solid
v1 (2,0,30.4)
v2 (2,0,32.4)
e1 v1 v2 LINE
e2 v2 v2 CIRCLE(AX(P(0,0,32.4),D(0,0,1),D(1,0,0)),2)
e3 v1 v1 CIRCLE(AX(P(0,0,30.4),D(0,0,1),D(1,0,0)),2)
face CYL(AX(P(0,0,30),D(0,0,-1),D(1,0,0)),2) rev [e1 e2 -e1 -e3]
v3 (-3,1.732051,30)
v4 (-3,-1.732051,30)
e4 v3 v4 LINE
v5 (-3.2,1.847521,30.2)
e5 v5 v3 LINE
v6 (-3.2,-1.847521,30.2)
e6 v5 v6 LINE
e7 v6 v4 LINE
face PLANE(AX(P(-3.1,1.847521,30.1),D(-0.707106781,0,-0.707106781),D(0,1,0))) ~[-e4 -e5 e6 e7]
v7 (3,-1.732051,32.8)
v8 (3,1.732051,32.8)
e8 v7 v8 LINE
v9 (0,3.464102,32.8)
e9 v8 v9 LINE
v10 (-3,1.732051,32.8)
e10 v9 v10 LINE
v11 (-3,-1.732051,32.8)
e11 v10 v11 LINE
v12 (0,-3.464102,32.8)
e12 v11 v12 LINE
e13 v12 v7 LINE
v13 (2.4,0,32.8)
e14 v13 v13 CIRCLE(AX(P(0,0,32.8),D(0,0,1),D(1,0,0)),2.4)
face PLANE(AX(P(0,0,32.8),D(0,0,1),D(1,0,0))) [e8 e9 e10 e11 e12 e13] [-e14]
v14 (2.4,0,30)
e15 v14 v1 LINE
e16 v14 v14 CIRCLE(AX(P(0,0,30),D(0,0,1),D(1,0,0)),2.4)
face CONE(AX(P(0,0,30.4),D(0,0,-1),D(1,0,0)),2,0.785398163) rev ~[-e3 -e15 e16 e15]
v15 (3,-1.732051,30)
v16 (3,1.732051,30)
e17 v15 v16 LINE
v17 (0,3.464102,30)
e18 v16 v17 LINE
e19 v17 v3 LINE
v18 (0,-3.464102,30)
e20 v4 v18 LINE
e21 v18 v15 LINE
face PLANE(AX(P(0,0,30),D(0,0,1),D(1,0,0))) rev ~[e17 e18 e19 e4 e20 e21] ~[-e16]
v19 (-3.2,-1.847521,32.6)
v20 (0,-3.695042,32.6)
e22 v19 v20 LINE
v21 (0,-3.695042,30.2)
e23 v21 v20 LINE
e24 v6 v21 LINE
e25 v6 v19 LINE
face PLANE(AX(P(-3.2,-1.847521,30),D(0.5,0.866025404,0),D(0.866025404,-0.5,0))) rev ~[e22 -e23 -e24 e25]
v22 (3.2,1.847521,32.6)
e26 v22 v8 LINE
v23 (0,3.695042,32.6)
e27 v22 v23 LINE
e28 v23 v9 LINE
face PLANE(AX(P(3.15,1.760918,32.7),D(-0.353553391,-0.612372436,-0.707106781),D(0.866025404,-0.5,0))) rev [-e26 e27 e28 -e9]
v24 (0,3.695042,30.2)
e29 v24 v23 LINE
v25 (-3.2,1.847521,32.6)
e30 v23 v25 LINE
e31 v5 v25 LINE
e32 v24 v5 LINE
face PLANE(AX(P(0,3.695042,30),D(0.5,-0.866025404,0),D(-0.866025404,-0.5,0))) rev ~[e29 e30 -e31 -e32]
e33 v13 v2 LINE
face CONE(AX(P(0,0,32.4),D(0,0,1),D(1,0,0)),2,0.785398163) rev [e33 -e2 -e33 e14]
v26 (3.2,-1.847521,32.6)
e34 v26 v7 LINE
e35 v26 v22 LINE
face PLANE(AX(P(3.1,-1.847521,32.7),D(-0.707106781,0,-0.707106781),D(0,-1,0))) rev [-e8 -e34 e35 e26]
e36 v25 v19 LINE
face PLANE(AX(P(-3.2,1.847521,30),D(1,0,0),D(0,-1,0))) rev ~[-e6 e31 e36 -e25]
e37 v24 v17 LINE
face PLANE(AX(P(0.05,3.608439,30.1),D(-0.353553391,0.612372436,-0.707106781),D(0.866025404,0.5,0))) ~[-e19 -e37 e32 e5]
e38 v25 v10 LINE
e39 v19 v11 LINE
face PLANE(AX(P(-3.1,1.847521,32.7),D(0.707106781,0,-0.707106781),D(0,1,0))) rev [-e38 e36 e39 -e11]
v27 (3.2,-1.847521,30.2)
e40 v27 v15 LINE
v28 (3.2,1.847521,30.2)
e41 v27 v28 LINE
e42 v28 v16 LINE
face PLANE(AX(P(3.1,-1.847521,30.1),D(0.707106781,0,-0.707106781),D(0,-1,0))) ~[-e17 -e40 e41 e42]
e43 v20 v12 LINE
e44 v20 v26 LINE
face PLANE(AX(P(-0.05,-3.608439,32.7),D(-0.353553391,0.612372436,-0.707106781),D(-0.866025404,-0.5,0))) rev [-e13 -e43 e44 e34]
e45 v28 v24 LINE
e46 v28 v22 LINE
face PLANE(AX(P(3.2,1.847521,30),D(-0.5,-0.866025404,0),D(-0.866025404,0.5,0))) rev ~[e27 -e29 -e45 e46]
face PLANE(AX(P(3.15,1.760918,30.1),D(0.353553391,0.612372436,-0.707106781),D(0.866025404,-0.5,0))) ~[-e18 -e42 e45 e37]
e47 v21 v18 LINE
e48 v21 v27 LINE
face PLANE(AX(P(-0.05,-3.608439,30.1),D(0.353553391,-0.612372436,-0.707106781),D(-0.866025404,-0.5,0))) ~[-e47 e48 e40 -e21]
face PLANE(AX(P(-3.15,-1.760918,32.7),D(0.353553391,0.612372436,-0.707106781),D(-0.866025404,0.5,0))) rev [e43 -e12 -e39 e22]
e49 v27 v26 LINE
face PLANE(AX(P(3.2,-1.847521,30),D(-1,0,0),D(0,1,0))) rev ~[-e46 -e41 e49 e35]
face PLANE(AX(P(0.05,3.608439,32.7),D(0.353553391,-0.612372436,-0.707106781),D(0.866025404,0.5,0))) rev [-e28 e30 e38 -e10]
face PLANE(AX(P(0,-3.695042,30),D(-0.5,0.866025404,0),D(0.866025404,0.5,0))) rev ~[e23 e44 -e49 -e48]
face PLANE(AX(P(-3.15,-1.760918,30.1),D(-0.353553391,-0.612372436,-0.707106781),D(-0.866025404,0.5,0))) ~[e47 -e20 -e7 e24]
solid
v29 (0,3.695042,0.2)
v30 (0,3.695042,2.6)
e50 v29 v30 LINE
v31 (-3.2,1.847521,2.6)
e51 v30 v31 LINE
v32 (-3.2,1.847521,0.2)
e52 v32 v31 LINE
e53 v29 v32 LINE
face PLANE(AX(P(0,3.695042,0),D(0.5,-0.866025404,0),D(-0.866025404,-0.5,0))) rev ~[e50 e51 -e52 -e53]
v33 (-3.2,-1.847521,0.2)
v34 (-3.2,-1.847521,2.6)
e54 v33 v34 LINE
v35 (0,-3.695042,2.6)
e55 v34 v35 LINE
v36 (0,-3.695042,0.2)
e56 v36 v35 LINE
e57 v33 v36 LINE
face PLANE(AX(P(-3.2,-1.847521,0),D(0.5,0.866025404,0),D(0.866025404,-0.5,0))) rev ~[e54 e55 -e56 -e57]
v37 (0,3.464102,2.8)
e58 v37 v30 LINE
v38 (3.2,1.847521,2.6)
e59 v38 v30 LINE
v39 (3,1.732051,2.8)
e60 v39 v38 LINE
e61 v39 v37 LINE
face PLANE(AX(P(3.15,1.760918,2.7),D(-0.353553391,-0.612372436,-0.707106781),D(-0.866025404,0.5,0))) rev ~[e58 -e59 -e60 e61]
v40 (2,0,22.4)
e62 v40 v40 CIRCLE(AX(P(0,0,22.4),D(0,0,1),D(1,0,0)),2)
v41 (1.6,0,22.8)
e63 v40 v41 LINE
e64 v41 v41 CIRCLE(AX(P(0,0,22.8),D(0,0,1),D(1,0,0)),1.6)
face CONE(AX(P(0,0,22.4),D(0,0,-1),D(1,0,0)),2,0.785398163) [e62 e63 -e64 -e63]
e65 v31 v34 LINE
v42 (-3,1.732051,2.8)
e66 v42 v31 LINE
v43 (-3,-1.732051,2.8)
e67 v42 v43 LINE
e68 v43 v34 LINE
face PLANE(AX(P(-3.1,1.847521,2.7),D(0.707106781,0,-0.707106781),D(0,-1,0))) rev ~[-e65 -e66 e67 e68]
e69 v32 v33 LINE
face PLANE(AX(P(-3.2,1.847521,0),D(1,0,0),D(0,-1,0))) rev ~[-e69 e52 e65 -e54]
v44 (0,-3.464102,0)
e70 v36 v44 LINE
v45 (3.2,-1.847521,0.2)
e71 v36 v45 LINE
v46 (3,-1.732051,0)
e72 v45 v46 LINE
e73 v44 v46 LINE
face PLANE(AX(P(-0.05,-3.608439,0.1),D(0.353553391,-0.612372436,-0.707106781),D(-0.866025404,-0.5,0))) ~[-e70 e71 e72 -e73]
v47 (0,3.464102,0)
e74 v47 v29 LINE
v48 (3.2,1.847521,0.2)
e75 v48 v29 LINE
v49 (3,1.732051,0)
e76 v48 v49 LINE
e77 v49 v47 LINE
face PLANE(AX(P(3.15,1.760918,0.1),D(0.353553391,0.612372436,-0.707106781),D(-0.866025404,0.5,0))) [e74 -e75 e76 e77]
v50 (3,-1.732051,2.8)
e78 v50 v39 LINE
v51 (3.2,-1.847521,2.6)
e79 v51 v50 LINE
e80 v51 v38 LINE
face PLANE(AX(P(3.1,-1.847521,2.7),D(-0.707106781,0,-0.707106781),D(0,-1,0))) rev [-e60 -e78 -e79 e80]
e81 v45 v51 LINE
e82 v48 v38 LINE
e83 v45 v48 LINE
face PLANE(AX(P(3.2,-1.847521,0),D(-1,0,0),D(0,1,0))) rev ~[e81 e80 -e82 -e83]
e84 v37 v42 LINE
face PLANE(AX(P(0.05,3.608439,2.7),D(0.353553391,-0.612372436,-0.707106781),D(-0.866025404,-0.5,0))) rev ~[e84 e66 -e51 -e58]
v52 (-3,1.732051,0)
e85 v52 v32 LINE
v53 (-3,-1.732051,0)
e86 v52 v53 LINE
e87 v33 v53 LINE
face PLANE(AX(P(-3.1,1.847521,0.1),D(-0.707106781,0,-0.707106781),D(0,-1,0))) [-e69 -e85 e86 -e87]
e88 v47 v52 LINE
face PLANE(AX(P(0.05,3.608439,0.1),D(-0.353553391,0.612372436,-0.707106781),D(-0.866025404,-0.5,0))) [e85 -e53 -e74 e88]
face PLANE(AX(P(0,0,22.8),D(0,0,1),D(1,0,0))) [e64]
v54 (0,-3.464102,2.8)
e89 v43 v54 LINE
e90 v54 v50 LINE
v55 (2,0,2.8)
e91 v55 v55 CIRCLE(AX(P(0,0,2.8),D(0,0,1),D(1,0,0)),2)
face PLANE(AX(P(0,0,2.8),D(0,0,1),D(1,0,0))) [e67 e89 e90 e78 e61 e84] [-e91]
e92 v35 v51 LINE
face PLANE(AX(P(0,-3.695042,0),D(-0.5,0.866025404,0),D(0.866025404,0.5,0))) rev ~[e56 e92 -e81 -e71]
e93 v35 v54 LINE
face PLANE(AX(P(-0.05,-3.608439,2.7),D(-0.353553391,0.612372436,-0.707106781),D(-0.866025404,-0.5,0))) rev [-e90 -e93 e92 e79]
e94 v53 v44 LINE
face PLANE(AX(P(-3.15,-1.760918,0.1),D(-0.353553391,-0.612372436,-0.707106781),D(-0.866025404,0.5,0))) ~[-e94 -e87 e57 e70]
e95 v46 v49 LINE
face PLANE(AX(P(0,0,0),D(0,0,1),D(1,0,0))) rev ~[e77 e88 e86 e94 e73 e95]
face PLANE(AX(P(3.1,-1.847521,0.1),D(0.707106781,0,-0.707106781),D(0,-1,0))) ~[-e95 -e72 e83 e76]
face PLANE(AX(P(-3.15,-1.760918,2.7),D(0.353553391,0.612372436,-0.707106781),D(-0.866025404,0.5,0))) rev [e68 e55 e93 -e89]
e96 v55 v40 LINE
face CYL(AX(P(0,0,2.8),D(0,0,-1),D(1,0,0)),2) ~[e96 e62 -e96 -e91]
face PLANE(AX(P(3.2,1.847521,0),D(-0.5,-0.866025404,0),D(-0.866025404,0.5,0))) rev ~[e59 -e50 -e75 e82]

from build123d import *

# Parameters (mm, degrees)
F3_DEPTH   = 2.8
F4_R       = 2
F5_DEPTH   = 20
F7_R       = 2
F8_DEPTH   = 2.8
F9_SIZE2   = 0.2
F9_SIZE    = 0.2
F9_2_SIZE2 = 0.2
F9_2_SIZE  = 0.2
F10_SIZE   = 0.4
F10_2_SIZE = 0.4


with BuildPart() as f3:
    # F2 (on Top) → F3 (new body)
    with BuildSketch(Plane.XY):
        Polygon((0, -3.6950417228), (3.2, -1.8475208614), (3.2, 1.8475208614), (0, 3.6950417228), (-3.2, 1.8475208614), (-3.2, -1.8475208614), align=None)
    extrude(amount=F3_DEPTH)

    # F4 (on face) → F5 (join)
    with BuildSketch(Plane.XY.offset(2.8)):
        Circle(F4_R)
    extrude(amount=F5_DEPTH)

    # F9
    f9_edges = [f3.edges().sort_by_distance(p)[0] for p in [
        (-1.6, -2.771281, 0),
        (1.6, -2.771281, 0),
        (3.2, 0, 0),
        (1.6, 2.771281, 0),
        (-1.6, 2.771281, 0),
        (-3.2, 0, 0),
        (-3.2, 0, 2.8),
        (-1.6, -2.771281, 2.8),
        (1.6, -2.771281, 2.8),
        (-1.6, 2.771281, 2.8),
        (1.6, 2.771281, 2.8),
        (3.2, 0, 2.8),
    ]]
    chamfer(f9_edges, length=F9_SIZE, length2=F9_SIZE2)

    # F10
    f10_edges = [f3.edges().sort_by_distance(p)[0] for p in [
        (-2, 0, 22.8),
    ]]
    chamfer(f10_edges, length=F10_SIZE)


with BuildPart() as f8:
    # F7 (on offset) → F8 (new body)
    with BuildSketch(Plane.XY.offset(30)):
        Polygon((0, -3.6950417228), (3.2, -1.8475208614), (3.2, 1.8475208614), (0, 3.6950417228), (-3.2, 1.8475208614), (-3.2, -1.8475208614), align=None)
        Circle(F7_R, mode=Mode.SUBTRACT)
    extrude(amount=F8_DEPTH)

    # F9#2
    f9_2_edges = [f8.edges().sort_by_distance(p)[0] for p in [
        (1.6, 2.771281, 32.8),
        (-1.6, 2.771281, 32.8),
        (-3.2, 0, 32.8),
        (-1.6, -2.771281, 32.8),
        (1.6, -2.771281, 32.8),
        (3.2, 0, 32.8),
        (1.6, -2.771281, 30),
        (-1.6, -2.771281, 30),
        (-3.2, 0, 30),
        (-1.6, 2.771281, 30),
        (1.6, 2.771281, 30),
        (3.2, 0, 30),
    ]]
    chamfer(f9_2_edges, length=F9_2_SIZE, length2=F9_2_SIZE2)

    # F10#2
    f10_2_edges = [f8.edges().sort_by_distance(p)[0] for p in [
        (2, 0, 31.4),
        (-2, 0, 30),
        (-2, 0, 32.8),
    ]]
    chamfer(f10_2_edges, length=F10_2_SIZE)


solid = Compound([f3.part, f8.part])
